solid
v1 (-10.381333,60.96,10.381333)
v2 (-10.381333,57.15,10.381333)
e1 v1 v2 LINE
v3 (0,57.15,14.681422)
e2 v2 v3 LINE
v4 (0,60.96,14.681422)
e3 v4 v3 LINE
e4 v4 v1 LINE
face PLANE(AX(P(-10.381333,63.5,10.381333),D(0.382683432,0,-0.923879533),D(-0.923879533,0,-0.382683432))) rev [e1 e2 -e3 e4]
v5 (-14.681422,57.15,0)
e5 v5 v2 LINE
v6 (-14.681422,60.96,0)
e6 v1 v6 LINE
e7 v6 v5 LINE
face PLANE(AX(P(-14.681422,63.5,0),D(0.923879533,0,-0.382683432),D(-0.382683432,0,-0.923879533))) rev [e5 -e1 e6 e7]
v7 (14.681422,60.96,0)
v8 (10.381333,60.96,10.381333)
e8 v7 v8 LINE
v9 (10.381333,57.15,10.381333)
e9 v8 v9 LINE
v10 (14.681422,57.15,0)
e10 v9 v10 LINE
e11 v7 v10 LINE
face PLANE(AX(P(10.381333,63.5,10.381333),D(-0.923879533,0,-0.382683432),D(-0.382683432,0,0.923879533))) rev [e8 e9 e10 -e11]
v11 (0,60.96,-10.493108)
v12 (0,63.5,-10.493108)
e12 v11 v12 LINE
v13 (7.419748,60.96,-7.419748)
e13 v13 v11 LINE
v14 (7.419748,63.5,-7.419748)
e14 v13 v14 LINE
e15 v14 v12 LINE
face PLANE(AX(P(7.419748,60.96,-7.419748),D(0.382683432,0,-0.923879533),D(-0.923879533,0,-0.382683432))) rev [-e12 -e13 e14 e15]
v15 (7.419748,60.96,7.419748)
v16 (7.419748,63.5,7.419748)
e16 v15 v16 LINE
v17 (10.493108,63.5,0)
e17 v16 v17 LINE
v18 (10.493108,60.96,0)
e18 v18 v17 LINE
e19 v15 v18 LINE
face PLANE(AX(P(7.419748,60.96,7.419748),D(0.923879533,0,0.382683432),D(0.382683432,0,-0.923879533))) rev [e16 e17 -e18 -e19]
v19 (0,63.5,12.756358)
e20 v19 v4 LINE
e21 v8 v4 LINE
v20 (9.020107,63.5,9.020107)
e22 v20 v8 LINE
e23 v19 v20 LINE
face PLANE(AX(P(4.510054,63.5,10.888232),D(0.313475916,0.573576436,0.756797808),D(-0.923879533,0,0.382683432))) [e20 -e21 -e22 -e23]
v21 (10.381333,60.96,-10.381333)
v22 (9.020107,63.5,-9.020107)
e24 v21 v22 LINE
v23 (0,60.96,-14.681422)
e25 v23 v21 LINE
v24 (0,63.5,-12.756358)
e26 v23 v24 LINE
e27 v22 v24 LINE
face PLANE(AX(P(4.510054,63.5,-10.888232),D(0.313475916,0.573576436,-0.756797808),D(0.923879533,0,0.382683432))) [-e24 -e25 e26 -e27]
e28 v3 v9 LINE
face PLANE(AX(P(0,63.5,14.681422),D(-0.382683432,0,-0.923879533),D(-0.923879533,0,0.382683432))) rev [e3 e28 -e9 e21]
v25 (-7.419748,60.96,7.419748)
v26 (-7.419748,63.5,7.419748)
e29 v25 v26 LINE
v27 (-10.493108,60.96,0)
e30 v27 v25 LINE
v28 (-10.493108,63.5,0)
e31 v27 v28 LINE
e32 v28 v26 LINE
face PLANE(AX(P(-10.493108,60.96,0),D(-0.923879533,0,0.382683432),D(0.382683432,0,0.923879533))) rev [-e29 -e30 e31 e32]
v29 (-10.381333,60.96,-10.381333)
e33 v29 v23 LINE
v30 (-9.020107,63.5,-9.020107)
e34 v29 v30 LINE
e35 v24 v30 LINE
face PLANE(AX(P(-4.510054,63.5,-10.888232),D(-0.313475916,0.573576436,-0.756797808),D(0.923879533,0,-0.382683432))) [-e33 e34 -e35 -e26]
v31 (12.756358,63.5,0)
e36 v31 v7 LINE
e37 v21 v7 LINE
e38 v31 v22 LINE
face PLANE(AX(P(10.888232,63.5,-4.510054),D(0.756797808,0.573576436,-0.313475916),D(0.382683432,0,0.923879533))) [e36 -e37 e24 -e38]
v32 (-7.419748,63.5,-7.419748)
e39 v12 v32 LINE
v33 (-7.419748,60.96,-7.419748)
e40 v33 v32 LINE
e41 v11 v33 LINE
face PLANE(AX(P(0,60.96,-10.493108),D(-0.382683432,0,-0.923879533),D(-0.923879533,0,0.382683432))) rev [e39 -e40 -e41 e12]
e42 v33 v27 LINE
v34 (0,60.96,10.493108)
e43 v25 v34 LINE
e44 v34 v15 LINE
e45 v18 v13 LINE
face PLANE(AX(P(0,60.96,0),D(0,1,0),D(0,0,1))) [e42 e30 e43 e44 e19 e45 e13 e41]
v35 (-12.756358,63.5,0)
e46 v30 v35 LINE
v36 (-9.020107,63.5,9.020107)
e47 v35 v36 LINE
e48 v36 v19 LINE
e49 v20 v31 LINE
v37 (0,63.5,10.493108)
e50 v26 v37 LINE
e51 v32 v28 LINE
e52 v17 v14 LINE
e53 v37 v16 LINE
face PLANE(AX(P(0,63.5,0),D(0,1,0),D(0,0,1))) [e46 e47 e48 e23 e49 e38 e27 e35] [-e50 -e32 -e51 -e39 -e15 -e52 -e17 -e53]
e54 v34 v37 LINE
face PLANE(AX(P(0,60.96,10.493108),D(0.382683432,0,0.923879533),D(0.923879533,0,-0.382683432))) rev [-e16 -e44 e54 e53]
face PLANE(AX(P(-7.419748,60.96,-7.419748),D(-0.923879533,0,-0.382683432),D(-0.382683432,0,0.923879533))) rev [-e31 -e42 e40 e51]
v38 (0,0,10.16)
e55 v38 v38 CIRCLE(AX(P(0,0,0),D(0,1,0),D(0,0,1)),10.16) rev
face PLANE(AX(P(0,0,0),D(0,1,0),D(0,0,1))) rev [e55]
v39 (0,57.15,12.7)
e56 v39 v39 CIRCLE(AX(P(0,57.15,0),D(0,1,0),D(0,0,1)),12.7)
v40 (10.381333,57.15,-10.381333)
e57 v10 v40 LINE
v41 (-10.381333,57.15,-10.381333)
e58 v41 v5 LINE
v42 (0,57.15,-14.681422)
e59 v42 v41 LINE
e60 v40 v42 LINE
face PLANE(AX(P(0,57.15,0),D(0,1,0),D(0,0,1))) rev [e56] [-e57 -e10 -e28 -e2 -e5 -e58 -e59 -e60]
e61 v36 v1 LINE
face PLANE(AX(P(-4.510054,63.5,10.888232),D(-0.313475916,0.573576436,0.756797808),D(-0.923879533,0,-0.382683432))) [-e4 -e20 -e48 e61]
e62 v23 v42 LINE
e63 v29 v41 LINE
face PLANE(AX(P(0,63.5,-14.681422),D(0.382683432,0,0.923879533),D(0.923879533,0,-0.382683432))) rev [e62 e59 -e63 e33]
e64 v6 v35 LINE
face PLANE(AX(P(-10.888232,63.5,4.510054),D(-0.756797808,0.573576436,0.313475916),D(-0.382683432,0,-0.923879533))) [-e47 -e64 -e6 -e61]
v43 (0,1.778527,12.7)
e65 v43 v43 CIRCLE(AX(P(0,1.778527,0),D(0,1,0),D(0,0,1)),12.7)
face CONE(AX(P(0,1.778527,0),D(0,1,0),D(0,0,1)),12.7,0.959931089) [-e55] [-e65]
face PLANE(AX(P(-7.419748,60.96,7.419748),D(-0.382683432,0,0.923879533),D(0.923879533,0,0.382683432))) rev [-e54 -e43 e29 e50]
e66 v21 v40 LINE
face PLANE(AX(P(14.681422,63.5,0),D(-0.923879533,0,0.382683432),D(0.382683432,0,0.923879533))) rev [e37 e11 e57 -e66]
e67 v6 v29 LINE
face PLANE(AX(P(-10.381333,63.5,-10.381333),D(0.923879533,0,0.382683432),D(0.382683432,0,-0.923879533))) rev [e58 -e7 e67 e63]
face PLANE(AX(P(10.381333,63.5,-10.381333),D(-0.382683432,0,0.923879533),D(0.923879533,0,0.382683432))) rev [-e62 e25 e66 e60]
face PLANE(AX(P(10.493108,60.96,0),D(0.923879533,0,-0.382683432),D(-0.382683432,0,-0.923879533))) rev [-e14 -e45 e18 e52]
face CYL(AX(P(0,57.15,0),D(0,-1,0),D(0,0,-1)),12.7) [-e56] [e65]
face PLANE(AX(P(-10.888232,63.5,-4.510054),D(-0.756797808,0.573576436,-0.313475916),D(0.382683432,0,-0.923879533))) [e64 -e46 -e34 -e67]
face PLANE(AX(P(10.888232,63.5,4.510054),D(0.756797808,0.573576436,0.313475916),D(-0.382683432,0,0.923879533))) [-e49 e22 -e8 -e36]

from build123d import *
from OCP.BRepFilletAPI import BRepFilletAPI_MakeChamfer

# Parameters (mm, degrees)
SKETCH1_R           = 12.7
BOSS_EXTRUDE1_DEPTH = 57.15
BOSS_EXTRUDE2_DEPTH = 6.35
CHAMFER1_SIZE       = 2.54
CHAMFER1_SIZE2      = 1.778527147
CUT_EXTRUDE1_DEPTH  = 2.54
CHAMFER2_SIZE       = 2.54
CHAMFER2_SIZE2      = 1.778527147


with BuildPart() as part:
    # Sketch1 → Boss-Extrude1 (new body)
    with BuildSketch(Plane(origin=(0, 0, 0), x_dir=(1, 0, 0), z_dir=(0, 1, 0))):
        with Locations(Location((0, 0, 0), (0, 0, 270))):
            Circle(SKETCH1_R)
    extrude(amount=BOSS_EXTRUDE1_DEPTH)

    # Sketch2 → Boss-Extrude2 (add)
    with BuildSketch(Plane(origin=(0, 57.15, 0), x_dir=(1, 0, 0), z_dir=(0, 1, 0))):
        Polygon((0, 14.681421742), (-10.381332871, 10.381332871), (-14.681421742, 0), (-10.381332871, -10.381332871), (0, -14.681421742), (10.381332871, -10.381332871), (14.681421742, 0), (10.381332871, 10.381332871), align=None)
    extrude(amount=BOSS_EXTRUDE2_DEPTH)

    # Chamfer1: one chamfer whose edges measure the first distance from different faces: ONE call of the kernel's chamfer builder (chamfer() names one face for all edges)
    chamfer1_edges_1 = [part.edges().sort_by_distance(p)[0] for p in [
        (5.190666436, 63.5, 12.531377306),
    ]]
    chamfer1_side_1 = [part.faces().sort_by_distance(p)[0] for p in [
        (5.190666436, 60.325, 12.531377306),
    ]]
    chamfer1_edges_2 = [part.edges().sort_by_distance(p)[0] for p in [
        (12.531377306, 63.5, 5.190666436),
    ]]
    chamfer1_side_2 = [part.faces().sort_by_distance(p)[0] for p in [
        (12.531377306, 60.325, 5.190666436),
    ]]
    chamfer1_edges_3 = [part.edges().sort_by_distance(p)[0] for p in [
        (12.531377306, 63.5, -5.190666436),
    ]]
    chamfer1_side_3 = [part.faces().sort_by_distance(p)[0] for p in [
        (12.531377306, 60.325, -5.190666436),
    ]]
    chamfer1_edges_4 = [part.edges().sort_by_distance(p)[0] for p in [
        (5.190666436, 63.5, -12.531377306),
    ]]
    chamfer1_side_4 = [part.faces().sort_by_distance(p)[0] for p in [
        (5.190666436, 60.325, -12.531377306),
    ]]
    chamfer1_edges_5 = [part.edges().sort_by_distance(p)[0] for p in [
        (-5.190666436, 63.5, -12.531377306),
    ]]
    chamfer1_side_5 = [part.faces().sort_by_distance(p)[0] for p in [
        (-5.190666436, 60.325, -12.531377306),
    ]]
    chamfer1_edges_6 = [part.edges().sort_by_distance(p)[0] for p in [
        (-12.531377306, 63.5, -5.190666436),
    ]]
    chamfer1_side_6 = [part.faces().sort_by_distance(p)[0] for p in [
        (-12.531377306, 60.325, -5.190666436),
    ]]
    chamfer1_edges_7 = [part.edges().sort_by_distance(p)[0] for p in [
        (-12.531377306, 63.5, 5.190666436),
    ]]
    chamfer1_side_7 = [part.faces().sort_by_distance(p)[0] for p in [
        (-12.531377306, 60.325, 5.190666436),
    ]]
    chamfer1_edges_8 = [part.edges().sort_by_distance(p)[0] for p in [
        (-5.190666436, 63.5, 12.531377306),
    ]]
    chamfer1_side_8 = [part.faces().sort_by_distance(p)[0] for p in [
        (-5.190666436, 60.325, 12.531377306),
    ]]
    chamfer1 = BRepFilletAPI_MakeChamfer(part.part.solid().wrapped)
    for e in chamfer1_edges_1:
        chamfer1.Add(CHAMFER1_SIZE, CHAMFER1_SIZE2, e.wrapped, chamfer1_side_1[0].wrapped)  # the first distance lies on this face
    for e in chamfer1_edges_2:
        chamfer1.Add(CHAMFER1_SIZE, CHAMFER1_SIZE2, e.wrapped, chamfer1_side_2[0].wrapped)  # the first distance lies on this face
    for e in chamfer1_edges_3:
        chamfer1.Add(CHAMFER1_SIZE, CHAMFER1_SIZE2, e.wrapped, chamfer1_side_3[0].wrapped)  # the first distance lies on this face
    for e in chamfer1_edges_4:
        chamfer1.Add(CHAMFER1_SIZE, CHAMFER1_SIZE2, e.wrapped, chamfer1_side_4[0].wrapped)  # the first distance lies on this face
    for e in chamfer1_edges_5:
        chamfer1.Add(CHAMFER1_SIZE, CHAMFER1_SIZE2, e.wrapped, chamfer1_side_5[0].wrapped)  # the first distance lies on this face
    for e in chamfer1_edges_6:
        chamfer1.Add(CHAMFER1_SIZE, CHAMFER1_SIZE2, e.wrapped, chamfer1_side_6[0].wrapped)  # the first distance lies on this face
    for e in chamfer1_edges_7:
        chamfer1.Add(CHAMFER1_SIZE, CHAMFER1_SIZE2, e.wrapped, chamfer1_side_7[0].wrapped)  # the first distance lies on this face
    for e in chamfer1_edges_8:
        chamfer1.Add(CHAMFER1_SIZE, CHAMFER1_SIZE2, e.wrapped, chamfer1_side_8[0].wrapped)  # the first distance lies on this face
    add(Compound.cast(chamfer1.Shape()), mode=Mode.REPLACE)

    # Sketch3 → Cut-Extrude1 (cut)
    with BuildSketch(Plane(origin=(0, 63.5, 0), x_dir=(1, 0, 0), z_dir=(0, 1, 0))):
        Polygon((0, 10.493107574), (-7.419747521, 7.419747521), (-10.493107574, 0), (-7.419747521, -7.419747521), (0, -10.493107574), (7.419747521, -7.419747521), (10.493107574, 0), (7.419747521, 7.419747521), align=None)
    extrude(amount=-CUT_EXTRUDE1_DEPTH, mode=Mode.SUBTRACT)

    # Chamfer2
    chamfer2_edges = [part.edges().sort_by_distance(p)[0] for p in [
        (0, 0, -12.7),
    ]]
    chamfer2_side = [part.faces().sort_by_distance(p)[0] for p in [
        (0, 0, 0),
    ]]
    chamfer(chamfer2_edges, length=CHAMFER2_SIZE, length2=CHAMFER2_SIZE2, reference=chamfer2_side[0])


solid = part.part
